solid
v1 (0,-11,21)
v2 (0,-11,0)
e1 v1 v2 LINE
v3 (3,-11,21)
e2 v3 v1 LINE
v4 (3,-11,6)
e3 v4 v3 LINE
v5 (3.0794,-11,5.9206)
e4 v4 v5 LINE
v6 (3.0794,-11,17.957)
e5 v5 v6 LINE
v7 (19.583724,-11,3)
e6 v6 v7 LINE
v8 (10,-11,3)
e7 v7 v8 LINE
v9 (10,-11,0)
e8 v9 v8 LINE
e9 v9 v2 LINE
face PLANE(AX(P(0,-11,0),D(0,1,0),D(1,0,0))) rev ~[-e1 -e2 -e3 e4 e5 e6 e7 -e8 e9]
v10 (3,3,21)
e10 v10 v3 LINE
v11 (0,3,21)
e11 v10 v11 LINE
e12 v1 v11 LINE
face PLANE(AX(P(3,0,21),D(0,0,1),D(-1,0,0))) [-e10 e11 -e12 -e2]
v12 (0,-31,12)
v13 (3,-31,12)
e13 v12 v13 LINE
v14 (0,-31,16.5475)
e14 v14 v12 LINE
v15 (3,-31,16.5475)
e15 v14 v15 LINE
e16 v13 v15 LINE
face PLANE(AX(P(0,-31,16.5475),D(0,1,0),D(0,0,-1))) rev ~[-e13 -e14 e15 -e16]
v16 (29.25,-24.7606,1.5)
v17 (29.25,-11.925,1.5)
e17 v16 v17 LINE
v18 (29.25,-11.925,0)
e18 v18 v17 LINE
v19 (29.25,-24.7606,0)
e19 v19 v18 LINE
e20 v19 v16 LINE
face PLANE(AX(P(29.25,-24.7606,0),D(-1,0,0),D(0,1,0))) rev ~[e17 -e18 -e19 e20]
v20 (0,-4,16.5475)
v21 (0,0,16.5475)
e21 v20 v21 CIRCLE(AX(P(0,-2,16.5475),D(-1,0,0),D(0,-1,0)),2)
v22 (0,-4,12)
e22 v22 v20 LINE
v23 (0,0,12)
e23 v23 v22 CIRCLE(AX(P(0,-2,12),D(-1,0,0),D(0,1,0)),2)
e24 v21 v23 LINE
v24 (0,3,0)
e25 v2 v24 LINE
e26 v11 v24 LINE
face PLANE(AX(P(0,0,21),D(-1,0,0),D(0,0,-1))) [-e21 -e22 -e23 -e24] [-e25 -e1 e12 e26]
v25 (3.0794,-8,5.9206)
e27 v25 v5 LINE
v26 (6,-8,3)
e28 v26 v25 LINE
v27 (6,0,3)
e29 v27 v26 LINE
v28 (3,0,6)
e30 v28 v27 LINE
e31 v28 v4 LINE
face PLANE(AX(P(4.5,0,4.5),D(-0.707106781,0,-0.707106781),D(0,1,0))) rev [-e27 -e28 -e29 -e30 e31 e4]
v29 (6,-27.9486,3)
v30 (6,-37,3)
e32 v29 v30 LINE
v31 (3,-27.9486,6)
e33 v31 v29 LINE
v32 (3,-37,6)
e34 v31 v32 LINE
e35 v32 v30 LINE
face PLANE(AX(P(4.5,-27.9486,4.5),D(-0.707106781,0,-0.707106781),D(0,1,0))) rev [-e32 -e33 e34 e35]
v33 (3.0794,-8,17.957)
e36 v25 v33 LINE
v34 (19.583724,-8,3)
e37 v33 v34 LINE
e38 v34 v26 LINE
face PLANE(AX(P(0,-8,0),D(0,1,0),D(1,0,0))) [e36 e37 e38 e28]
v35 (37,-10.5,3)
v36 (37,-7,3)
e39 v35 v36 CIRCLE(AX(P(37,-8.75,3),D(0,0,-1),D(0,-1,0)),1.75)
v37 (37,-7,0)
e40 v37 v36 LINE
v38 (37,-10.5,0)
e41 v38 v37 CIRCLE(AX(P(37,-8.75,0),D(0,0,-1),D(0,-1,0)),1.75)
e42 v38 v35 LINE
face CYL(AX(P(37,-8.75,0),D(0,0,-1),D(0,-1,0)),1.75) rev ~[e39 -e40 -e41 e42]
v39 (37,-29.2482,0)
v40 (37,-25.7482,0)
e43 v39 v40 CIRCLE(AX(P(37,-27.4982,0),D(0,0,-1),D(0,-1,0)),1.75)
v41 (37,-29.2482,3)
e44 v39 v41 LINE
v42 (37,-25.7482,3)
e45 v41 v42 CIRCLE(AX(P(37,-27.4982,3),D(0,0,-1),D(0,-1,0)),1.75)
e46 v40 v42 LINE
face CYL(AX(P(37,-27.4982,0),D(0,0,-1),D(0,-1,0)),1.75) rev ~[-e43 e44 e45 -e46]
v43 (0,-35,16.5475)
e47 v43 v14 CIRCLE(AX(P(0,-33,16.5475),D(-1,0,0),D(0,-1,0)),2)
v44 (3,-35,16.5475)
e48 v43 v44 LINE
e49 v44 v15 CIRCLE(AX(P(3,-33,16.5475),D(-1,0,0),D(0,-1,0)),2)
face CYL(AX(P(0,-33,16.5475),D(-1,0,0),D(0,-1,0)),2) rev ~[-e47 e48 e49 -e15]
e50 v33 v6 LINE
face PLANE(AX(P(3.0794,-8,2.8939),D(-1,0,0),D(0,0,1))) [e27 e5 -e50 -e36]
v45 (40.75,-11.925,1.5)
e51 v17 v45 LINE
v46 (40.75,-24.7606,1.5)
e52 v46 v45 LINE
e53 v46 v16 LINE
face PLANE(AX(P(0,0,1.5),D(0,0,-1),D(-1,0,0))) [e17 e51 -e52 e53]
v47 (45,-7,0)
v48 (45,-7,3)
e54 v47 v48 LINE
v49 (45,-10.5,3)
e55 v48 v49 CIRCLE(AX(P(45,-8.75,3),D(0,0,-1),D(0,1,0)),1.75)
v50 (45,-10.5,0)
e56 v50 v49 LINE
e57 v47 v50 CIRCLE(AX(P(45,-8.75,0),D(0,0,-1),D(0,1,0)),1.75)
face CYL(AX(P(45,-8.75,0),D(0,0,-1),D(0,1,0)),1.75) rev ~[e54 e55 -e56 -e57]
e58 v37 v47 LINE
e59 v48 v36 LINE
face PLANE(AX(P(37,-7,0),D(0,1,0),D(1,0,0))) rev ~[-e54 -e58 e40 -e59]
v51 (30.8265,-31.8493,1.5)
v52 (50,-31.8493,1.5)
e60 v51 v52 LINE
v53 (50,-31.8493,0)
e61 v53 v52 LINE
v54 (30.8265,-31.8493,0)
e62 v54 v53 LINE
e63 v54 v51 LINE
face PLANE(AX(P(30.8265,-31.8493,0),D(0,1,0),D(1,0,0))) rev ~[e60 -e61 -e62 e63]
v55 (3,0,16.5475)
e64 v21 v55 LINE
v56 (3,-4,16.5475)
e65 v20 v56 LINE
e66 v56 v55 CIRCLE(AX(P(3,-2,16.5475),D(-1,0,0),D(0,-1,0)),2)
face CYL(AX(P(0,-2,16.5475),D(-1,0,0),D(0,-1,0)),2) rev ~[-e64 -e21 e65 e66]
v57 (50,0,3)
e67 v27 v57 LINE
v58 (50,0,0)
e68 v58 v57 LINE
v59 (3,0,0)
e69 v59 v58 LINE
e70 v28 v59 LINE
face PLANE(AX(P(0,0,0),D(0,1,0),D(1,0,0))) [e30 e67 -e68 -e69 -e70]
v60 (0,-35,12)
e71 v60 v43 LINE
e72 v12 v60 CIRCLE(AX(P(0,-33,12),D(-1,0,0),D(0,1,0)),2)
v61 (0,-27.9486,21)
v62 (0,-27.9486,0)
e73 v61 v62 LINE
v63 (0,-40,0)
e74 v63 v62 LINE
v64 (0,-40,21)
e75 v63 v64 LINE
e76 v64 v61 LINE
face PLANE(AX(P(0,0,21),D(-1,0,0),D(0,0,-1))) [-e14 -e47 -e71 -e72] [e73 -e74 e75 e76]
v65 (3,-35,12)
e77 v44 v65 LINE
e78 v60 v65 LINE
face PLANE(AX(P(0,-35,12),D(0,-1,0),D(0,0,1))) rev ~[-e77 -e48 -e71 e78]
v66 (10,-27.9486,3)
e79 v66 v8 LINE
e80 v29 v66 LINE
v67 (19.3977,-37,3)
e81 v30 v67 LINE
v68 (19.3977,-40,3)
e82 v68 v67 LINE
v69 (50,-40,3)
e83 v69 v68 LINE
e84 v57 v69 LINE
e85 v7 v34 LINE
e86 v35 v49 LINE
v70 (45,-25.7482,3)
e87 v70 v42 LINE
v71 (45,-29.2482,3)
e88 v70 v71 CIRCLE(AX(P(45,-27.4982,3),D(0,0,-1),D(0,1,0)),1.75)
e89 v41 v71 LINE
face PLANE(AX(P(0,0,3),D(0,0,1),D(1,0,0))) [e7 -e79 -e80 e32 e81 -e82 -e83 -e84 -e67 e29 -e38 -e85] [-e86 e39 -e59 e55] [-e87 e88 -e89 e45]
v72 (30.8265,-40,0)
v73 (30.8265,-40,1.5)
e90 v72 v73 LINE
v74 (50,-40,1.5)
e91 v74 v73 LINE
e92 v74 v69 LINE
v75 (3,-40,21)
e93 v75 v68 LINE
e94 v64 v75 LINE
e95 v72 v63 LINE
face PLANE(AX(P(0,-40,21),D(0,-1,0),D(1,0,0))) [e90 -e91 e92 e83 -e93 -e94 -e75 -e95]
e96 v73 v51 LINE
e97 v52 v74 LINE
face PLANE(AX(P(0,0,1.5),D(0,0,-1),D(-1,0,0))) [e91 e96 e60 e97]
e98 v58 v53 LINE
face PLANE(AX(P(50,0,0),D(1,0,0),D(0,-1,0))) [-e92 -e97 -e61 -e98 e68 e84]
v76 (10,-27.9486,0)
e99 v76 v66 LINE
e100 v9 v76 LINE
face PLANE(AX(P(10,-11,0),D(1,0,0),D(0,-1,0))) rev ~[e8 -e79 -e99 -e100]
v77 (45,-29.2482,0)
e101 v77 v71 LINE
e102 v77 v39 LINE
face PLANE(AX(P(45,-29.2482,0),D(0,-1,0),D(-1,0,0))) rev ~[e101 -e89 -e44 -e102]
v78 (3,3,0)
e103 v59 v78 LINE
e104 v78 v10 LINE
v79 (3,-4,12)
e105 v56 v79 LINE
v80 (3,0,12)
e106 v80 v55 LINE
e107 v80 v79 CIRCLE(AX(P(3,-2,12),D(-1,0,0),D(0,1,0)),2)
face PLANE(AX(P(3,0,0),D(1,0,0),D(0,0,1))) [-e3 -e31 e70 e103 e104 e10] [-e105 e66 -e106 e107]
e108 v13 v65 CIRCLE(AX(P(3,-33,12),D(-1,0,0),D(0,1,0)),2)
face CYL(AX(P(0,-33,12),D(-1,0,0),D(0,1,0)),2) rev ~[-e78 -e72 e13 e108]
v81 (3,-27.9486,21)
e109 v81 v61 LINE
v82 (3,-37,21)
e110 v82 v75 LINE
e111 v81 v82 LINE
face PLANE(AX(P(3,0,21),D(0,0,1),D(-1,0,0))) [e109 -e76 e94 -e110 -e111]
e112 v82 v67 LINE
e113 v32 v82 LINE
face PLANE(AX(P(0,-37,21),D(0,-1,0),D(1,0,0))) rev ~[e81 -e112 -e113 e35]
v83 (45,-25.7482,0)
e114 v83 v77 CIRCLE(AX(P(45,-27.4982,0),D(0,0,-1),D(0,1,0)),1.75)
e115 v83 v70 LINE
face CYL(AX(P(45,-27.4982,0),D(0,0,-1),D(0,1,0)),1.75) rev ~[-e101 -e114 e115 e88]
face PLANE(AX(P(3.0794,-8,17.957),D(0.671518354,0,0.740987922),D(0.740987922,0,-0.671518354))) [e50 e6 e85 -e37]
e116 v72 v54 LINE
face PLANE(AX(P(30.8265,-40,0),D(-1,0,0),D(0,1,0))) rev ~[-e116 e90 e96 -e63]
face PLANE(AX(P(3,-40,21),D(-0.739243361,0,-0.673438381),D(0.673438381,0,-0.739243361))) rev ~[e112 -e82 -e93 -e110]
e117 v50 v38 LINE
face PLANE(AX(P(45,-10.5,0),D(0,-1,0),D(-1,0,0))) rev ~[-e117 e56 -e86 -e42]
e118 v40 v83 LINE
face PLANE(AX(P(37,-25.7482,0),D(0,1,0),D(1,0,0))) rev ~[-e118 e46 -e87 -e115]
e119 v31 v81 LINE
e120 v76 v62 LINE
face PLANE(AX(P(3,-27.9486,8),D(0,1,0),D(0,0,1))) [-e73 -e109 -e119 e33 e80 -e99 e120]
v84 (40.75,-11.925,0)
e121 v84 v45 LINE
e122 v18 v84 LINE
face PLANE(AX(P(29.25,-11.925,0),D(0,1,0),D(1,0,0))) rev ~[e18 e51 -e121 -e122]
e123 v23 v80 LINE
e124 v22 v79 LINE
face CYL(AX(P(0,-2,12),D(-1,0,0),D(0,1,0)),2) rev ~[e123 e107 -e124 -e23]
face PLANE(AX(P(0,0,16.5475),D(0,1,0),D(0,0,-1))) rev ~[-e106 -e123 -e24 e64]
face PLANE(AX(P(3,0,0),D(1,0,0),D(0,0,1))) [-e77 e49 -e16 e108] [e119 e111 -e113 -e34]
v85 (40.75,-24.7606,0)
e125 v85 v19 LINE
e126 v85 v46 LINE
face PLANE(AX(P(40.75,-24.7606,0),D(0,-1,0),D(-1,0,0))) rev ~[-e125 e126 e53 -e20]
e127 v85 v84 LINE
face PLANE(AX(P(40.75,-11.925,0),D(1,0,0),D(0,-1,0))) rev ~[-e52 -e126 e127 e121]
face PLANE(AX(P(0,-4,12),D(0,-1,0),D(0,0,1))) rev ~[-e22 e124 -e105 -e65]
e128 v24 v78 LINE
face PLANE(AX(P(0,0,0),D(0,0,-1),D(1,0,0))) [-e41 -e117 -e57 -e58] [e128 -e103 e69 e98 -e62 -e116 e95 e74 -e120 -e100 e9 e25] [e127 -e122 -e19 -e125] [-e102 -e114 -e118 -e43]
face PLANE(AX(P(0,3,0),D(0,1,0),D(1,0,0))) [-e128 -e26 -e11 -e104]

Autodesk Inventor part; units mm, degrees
ref_plane "YZ Plane" through (0, 0, 0) normal (1, 0, 0) x (0, 1, 0)
ref_plane "XZ Plane" through (0, 0, 0) normal (0, 1, 0) x (-1, 0, 0)
ref_plane "XY Plane" through (0, 0, 0) normal (0, 0, 1) x (1, 0, 0)
sketch "Sketch1" plane through (0, 0, 0) normal (0, 0, 1) x (1, 0, 0)
  line L0 (0, 0) -> (50, 0)
  line L1 (50, 0) -> (50, -40)
  line L2 (50, -40) -> (0, -40)
  line L3 (0, -40) -> (0, 0)
  dimension "d0" = 50
  dimension "d1" = 40
extrude "Extrusion1" add sketch "Sketch1" along normal blind 3
sketch "Sketch2" plane through (0, 0, 3) normal (0, 0, 1) x (1, 0, 0)
  line L0 (0, -40) -> (50, -40) projected
  line L1 (0, 0) -> (3, 0)
  line L2 (3, 0) -> (3, -40)
  line L3 (3, -40) -> (0, -40)
  line L4 (0, -40) -> (0, 0)
  dimension "d4" = 3
extrude "Extrusion2" add sketch "Sketch2" along normal blind 18
sketch "Sketch3" plane through (0, 0, 0) normal (0, 1, 0) x (1, 0, 0)
  line L0 (0, 0) -> (3, 0)
  line L1 (3, 0) -> (3, -21)
  line L2 (3, -21) -> (0, -21)
  line L3 (0, -21) -> (0, 0)
extrude "Extrusion3" add sketch "Sketch3" along normal blind 3
sketch "Sketch4" plane through (0, 0, 0) normal (0, 0, -1) x (-1, 0, 0)
  line L0 (0, -40) -> (0, 3) projected
  line L1 (-3, 0) -> (-3, 3) projected
  line L2 (-3, 0) -> (-3, -11)
  line L3 (0, -11) -> (-10, -11)
  line L4 (-10, -11) -> (-10, -27.9486)
  line L5 (-10, -27.9486) -> (0, -27.9486)
  point P0 (0, 0)
  dimension "d9" = 11
  dimension "d10" = 10
extrude "Extrusion4" cut sketch "Sketch4" against normal blind 8
sketch "Sketch6" plane through (0, -40, 0) normal (-1, 0, 0) x (0, 0, 1)
  line L0 (0, 29) -> (8, 29) projected
  line L1 (12, 38) -> (16.5475, 38) construction
  line L2 (12, 36) -> (16.5475, 36)
  line L3 (16.5475, 40) -> (12, 40)
  arc A0 (12, 40) -> (12, 36) centre (12, 38) ccw
  arc A1 (16.5475, 36) -> (16.5475, 40) centre (16.5475, 38) ccw
  point P0 (0, 40)
  point P1 (14.2738, 38)
extrude "Extrusion6" cut sketch "Sketch6" against normal through all
sketch "Sketch7" plane through (0, -40, 0) normal (-1, 0, 0) x (0, 0, 1)
  line L0 (16.5475, 36) -> (12, 36) projected
  line L1 (12, 7) -> (16.5475, 7) construction
  line L2 (12, 5) -> (16.5475, 5)
  line L3 (16.5475, 9) -> (12, 9)
  arc A0 (12, 9) -> (12, 5) centre (12, 7) ccw
  arc A1 (16.5475, 5) -> (16.5475, 9) centre (16.5475, 7) ccw
  point P0 (0, 40)
  point P1 (14.2738, 7)
  dimension "d67" = 4
extrude "Extrusion7" cut sketch "Sketch7" against normal through all
sketch "Sketch8" plane through (0, 0, 0) normal (0, 0, -1) x (-1, 0, 0)
  line L0 (-45, -8.75) -> (-37, -8.75) construction
  line L1 (-45, -10.5) -> (-37, -10.5)
  line L2 (-37, -7) -> (-45, -7)
  arc A0 (-45, -7) -> (-45, -10.5) centre (-45, -8.75) ccw
  arc A1 (-37, -10.5) -> (-37, -7) centre (-37, -8.75) ccw
  line L3 (-10, -27.9486) -> (-10, -11) projected
  line L4 (-41, -8.75) -> (-41, -4.75) construction
  line L5 (-41, -4.75) -> (-35.5779, -4.75) construction
  point P0 (0, 0)
  dimension "d27" = 8
  dimension "d28" = 3.5
  dimension "d60" = 4
extrude "Extrusion8" cut sketch "Sketch8" against normal through all
chamfer "Chamfer1" distance 3 angle 45 1 edges at (3, -33.9743, 3)
chamfer "Chamfer2" distance 3 angle 45 1 edges at (3, -5.5, 3)
sketch "Sketch11" plane through (0, 0, 0) normal (0, 0, -1) x (-1, 0, 0)
  line L0 (-10, -27.9486) -> (-10, -11) projected
  line L1 (-41.0188, 5.0018) -> (-41.0188, -13.9982) construction
  line L2 (-48.6932, -22.9665) -> (-25.0226, -22.9665) construction
  line L3 (-45, -41.7147) -> (-45, -21.8236) construction
  line L4 (-37, -41.7147) -> (-37, -21.8236) construction
  line L5 (-45, -22.9665) -> (-37, -22.9665) construction
  line L6 (-45, -29.2482) -> (-37, -29.2482)
  arc A0 (-45, -25.7482) -> (-45, -29.2482) centre (-45, -27.4982) ccw
  arc A1 (-37, -29.2482) -> (-37, -25.7482) centre (-37, -27.4982) ccw
  line L7 (0, -27.9486) -> (-10, -27.9486) projected
  line L8 (-41.0188, -8.7165) -> (-41.0188, -4.7165)
  line L9 (-41.0188, -4.7165) -> (-38.5918, -4.7165)
  line L10 (0, -40) -> (0, -27.9486) projected
  line L11 (-41.0188, 5.7518) -> (-41.0188, -13.2482) construction
  line L12 (-41.0188, -27.7165) -> (-56.6295, -27.7165) construction
  line L13 (-37, -25.7482) -> (-45, -25.7482)
  point P0 (0, 0)
  point P1 (-41, -22.9665)
  dimension "d43" = 19
  dimension "d44" = 3.5
  dimension "d59" = 4
  dimension "d61" = 19
extrude "Extrusion11" cut sketch "Sketch11" against normal through all
sketch "Sketch12" plane through (0, 0, 0) normal (0, 0, -1) x (-1, 0, 0)
  line L0 (-10, -27.9486) -> (-10, -11) projected
  line L1 (-41, -25.8493) -> (-41, -31.8493) construction
  line L2 (-41, -31.8493) -> (-30.8265, -31.8493) construction
  line L3 (-30.8265, -31.8493) -> (-30.8265, -35.8493) construction
  line L4 (-30.8265, -35.8493) -> (-30.8265, -31.8493) construction
  line L5 (-30.8265, -31.8493) -> (-50, -31.8493)
  line L6 (-50, -31.8493) -> (-50, -40)
  line L7 (-50, -40) -> (-30.8265, -40)
  line L8 (-30.8265, -40) -> (-30.8265, -31.8493)
  point P0 (0, 0)
  dimension "d47" = 6
  dimension "d48" = 4
  dimension "d49" = 4
extrude "Extrusion12" cut sketch "Sketch12" against normal blind 1.5
sketch "Sketch13" plane through (0, 0, 0) normal (0, 0, -1) x (-1, 0, 0)
  line L0 (-45, -21.2165) -> (-37, -21.2165) projected
  arc A0 (-37, -10.5) -> (-37, -7) centre (-37, -8.75) ccw projected
  arc A1 (-45, -7) -> (-45, -10.5) centre (-45, -8.75) ccw projected
  line L1 (-45, -7) -> (-37, -7) projected
  line L2 (-46.75, -8.75) -> (-40.75, -8.75) construction
  line L3 (-40.75, -8.75) -> (-40.75, -24.7606) construction
  line L4 (-40.75, -24.7606) -> (-37.75, -24.7606) construction
  line L5 (-37.75, -11.2484) -> (-40.75, -11.2484) construction
  line L6 (-35.25, -8.75) -> (-29.25, -8.75) construction
  line L7 (-29.25, -8.75) -> (-29.25, -11.925) construction
  line L8 (-40.8665, -21.2165) -> (-40.75, -19.2199) construction
  line L9 (-29.25, -11.925) -> (-40.75, -11.925)
  line L10 (-40.75, -11.925) -> (-40.75, -24.7606)
  line L11 (-40.75, -24.7606) -> (-29.25, -24.7606)
  line L12 (-29.25, -24.7606) -> (-29.25, -11.925)
  point P0 (0, 0)
  point P1 (-40.75, -11.925)
  dimension "d52" = 6
  dimension "d53" = 3
  dimension "d54" = 6
  dimension "d55" = 3.175
  dimension "d56" = 2
extrude "Extrusion13" cut sketch "Sketch13" against normal blind 1.5
ref_plane "Work Plane1" through (0, -8, 0) normal (0, 1, 0) x (1, 0, 0)
sketch "Sketch14" plane through (0, -8, 0) normal (0, 1, 0) x (1, 0, 0)
  line L0 (3.0794, -17.957) -> (19.7008, -2.8939)
  line L1 (19.7008, -2.8939) -> (3.0794, -2.8939)
  line L2 (3.0794, -2.8939) -> (3.0794, -17.957)
  point P0 (0, 0)
extrude "Extrusion14" add sketch "Sketch14" against normal blind 3
sketch "Sketch15" plane through (0, -40, 21) normal (0, -1, 0) x (1, 0, 0)
  line L0 (6, -18) -> (50, -18) projected
  line L1 (3, -15) -> (6, -18) projected
  line L2 (3, -15) -> (3, 0) projected
  line L3 (3, 0) -> (19.3977, -18)
  line L4 (3, -15.75) -> (3, 0)
extrude "Extrusion15" add sketch "Sketch15" against normal blind 3
sketch "Sketch16" plane through (3, 0, 0) normal (1, 0, 0) x (0, 0, -1)
  line L0 (-21, -37) -> (-21, 3) projected
  line L1 (-21, -11) -> (-8, -11)
  line L2 (-8, -11) -> (-8, -27.9486)
  line L3 (-8, -27.9486) -> (-21, -27.9486)
  line L4 (-21, -27.9486) -> (-21, -11)
extrude "Extrusion16" cut sketch "Sketch16" against normal through all
properties part number "bart z endstop bracket v12"
